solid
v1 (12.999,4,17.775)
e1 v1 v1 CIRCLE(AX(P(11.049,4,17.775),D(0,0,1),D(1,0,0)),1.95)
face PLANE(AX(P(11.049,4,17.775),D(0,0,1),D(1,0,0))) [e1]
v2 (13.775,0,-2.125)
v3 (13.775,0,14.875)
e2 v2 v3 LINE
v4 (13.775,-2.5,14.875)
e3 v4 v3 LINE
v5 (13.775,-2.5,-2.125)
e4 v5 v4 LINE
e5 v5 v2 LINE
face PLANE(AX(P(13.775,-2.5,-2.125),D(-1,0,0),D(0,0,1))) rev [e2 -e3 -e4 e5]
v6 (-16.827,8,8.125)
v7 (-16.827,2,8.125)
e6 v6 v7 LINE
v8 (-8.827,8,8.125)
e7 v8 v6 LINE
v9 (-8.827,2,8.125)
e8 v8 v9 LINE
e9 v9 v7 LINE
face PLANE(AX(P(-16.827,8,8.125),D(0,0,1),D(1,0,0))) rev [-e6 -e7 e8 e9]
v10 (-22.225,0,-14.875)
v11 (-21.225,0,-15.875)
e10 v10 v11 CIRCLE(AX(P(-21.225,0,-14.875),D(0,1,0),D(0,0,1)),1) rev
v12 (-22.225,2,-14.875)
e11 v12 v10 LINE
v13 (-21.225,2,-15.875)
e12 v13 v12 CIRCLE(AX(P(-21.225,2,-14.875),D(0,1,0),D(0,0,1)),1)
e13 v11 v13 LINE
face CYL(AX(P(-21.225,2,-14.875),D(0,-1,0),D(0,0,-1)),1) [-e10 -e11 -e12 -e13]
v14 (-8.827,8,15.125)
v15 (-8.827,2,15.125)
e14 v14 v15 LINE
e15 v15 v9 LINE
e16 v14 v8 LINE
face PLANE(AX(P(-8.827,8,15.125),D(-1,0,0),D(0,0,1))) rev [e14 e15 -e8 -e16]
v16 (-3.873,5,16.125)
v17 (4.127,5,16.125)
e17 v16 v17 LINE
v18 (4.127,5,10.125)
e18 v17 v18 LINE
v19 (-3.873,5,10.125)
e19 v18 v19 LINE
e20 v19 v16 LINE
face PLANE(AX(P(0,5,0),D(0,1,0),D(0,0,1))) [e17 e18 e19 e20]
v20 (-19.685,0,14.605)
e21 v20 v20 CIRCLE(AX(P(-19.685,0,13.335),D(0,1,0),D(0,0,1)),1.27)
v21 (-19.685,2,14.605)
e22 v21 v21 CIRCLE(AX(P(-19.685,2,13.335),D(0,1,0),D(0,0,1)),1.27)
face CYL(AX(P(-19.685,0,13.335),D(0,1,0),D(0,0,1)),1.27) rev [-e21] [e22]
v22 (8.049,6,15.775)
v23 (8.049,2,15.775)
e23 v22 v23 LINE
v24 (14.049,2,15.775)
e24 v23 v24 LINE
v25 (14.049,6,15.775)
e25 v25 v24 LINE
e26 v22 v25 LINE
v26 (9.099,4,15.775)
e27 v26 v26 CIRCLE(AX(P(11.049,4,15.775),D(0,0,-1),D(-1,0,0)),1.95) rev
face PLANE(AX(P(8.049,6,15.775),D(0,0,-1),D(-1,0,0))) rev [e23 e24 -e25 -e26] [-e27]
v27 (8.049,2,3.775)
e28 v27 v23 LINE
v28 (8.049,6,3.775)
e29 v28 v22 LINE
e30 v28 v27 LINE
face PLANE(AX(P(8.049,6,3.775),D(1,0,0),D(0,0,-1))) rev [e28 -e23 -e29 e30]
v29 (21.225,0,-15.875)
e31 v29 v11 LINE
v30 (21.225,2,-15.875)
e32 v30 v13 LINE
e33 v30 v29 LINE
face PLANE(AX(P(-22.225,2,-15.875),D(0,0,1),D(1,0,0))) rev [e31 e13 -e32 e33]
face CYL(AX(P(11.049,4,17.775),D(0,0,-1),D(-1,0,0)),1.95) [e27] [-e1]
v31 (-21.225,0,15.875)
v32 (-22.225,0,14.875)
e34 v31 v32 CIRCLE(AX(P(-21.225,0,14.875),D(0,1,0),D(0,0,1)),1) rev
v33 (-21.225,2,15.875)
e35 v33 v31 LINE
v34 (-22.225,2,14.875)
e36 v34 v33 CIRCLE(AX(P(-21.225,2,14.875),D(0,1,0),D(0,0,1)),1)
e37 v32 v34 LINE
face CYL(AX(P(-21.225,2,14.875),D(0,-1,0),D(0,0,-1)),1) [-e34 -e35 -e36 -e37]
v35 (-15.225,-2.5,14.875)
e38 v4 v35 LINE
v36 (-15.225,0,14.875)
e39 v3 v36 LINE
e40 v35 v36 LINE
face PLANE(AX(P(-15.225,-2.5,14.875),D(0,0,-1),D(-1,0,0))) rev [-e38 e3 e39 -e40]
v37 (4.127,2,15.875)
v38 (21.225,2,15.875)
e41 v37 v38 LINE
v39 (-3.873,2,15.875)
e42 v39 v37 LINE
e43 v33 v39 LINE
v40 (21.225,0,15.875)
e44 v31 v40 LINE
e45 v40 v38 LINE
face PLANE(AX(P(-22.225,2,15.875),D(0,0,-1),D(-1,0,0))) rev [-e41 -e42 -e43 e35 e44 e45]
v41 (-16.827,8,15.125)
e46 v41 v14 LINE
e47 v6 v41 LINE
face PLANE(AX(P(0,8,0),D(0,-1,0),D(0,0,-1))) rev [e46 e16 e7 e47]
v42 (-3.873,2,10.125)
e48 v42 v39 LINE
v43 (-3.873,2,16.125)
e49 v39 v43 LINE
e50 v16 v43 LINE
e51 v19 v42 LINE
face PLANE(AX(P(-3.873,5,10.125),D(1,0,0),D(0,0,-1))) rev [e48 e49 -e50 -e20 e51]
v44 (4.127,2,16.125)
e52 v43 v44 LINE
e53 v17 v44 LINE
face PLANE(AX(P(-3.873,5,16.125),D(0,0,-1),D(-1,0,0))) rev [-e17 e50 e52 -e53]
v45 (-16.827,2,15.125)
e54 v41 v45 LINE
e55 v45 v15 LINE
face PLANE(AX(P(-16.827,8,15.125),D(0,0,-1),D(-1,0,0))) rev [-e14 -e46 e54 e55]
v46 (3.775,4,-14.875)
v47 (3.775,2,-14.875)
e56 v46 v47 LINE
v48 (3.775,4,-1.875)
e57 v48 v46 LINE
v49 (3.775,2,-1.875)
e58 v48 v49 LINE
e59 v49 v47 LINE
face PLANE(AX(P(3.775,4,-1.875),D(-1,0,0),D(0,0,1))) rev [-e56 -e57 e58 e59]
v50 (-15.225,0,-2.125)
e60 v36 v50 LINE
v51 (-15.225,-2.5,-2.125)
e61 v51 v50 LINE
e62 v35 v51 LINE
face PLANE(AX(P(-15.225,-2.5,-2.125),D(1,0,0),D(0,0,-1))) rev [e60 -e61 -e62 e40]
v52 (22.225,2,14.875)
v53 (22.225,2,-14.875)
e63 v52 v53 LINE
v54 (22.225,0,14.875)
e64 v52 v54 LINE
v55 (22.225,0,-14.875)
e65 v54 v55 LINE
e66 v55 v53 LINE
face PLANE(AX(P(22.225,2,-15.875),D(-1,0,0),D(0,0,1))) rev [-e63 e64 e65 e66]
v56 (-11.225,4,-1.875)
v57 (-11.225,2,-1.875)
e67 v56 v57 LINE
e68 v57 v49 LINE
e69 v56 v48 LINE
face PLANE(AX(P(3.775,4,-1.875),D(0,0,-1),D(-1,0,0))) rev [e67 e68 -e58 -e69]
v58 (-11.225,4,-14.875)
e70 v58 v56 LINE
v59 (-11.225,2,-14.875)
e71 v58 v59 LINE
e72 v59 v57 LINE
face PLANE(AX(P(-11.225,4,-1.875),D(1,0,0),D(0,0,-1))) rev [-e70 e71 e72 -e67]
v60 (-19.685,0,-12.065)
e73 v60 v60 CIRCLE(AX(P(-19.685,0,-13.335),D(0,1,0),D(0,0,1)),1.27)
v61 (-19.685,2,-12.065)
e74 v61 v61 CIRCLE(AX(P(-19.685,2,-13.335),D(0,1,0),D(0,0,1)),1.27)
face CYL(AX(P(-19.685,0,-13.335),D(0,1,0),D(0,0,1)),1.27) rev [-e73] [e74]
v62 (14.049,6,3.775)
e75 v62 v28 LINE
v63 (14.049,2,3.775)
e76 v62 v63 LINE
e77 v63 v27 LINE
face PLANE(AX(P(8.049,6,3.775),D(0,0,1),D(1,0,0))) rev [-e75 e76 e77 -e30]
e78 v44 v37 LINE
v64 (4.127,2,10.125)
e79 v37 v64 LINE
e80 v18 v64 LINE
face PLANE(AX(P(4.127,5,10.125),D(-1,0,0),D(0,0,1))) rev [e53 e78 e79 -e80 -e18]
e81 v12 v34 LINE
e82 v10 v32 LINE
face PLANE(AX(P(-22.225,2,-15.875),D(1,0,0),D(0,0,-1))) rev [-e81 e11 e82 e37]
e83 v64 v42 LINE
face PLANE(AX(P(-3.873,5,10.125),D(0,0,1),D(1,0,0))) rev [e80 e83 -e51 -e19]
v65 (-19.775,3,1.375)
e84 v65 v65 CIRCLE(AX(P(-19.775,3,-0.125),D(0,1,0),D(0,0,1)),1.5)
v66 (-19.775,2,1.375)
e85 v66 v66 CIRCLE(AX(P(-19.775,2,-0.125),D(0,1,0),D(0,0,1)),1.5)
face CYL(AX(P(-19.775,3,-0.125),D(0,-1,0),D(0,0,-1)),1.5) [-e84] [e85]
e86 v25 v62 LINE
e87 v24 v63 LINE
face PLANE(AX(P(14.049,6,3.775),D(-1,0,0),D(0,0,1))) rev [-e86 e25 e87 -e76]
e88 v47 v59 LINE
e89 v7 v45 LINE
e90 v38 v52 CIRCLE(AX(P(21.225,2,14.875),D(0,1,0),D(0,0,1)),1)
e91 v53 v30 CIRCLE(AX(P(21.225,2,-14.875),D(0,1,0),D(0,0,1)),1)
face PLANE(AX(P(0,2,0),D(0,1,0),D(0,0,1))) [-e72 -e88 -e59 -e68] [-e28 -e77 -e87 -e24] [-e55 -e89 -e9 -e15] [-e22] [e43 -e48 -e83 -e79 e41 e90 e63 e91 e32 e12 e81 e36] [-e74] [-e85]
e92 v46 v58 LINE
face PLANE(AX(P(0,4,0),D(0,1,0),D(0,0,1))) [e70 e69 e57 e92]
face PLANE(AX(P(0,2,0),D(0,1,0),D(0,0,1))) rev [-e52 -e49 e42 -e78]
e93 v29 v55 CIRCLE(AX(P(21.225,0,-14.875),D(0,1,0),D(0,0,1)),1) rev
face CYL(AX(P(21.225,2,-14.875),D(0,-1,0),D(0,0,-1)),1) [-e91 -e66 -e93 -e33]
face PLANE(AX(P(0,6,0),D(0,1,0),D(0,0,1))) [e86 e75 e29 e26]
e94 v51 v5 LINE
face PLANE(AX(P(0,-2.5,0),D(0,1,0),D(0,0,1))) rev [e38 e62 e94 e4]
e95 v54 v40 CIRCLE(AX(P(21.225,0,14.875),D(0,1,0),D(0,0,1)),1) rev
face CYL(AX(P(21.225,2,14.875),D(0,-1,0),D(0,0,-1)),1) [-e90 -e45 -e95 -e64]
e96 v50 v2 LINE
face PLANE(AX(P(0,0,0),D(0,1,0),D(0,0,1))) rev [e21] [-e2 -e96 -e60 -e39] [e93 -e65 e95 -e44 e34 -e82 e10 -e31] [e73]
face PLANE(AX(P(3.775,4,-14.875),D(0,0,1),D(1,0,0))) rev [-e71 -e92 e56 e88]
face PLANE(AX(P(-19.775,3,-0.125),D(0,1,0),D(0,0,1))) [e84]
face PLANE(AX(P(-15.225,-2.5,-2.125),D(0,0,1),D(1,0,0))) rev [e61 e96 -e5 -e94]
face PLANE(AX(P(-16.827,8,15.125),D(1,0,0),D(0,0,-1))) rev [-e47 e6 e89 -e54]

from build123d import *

# Parameters (mm, degrees)
SKETCH1_W           = 44.45
SKETCH1_H           = 31.75
BOSS_EXTRUDE1_DEPTH = 2
SKETCH2_R           = 1.27
CUT_EXTRUDE1_DEPTH  = 2
FILLET1_R           = 1
FILLET2_R           = 1
FILLET3_R           = 1
FILLET4_R           = 1
SKETCH3_W           = 8
SKETCH3_H           = 7
BOSS_EXTRUDE2_DEPTH = 6
SKETCH4_W           = 8
SKETCH4_H           = 6
BOSS_EXTRUDE3_DEPTH = 3
SKETCH5_W           = 6
SKETCH5_H           = 12
BOSS_EXTRUDE4_DEPTH = 4
SKETCH6_R           = 1.95
BOSS_EXTRUDE5_DEPTH = 2
SKETCH7_R           = 1.5
BOSS_EXTRUDE6_DEPTH = 1
SKETCH9_W           = 15
SKETCH9_H           = 13
BOSS_EXTRUDE7_DEPTH = 2
SKETCH10_W          = 29
SKETCH10_H          = 17
BOSS_EXTRUDE8_DEPTH = 2.5


with BuildPart() as part:
    # Sketch1 → Boss-Extrude1 (new body)
    with BuildSketch(Plane(origin=(0, 0, 0), x_dir=(1, 0, 0), z_dir=(0, 1, 0))):
        Rectangle(SKETCH1_W, SKETCH1_H)
    extrude(amount=BOSS_EXTRUDE1_DEPTH)

    # Sketch2 → Cut-Extrude1 (cut)
    with BuildSketch(Plane(origin=(0, 2, 0), x_dir=(1, 0, 0), z_dir=(0, 1, 0))):
        with Locations((-19.685, -13.335)):
            Circle(SKETCH2_R)
        with Locations((-19.685, 13.335)):
            Circle(SKETCH2_R)
    extrude(amount=-CUT_EXTRUDE1_DEPTH, mode=Mode.SUBTRACT)

    # Fillet1
    fillet1_edges = [part.edges().sort_by_distance(p)[0] for p in [
        (-22.225, 1, -15.875),
    ]]
    fillet(fillet1_edges, radius=FILLET1_R)

    # Fillet2
    fillet2_edges = [part.edges().sort_by_distance(p)[0] for p in [
        (-22.225, 1, 15.875),
    ]]
    fillet(fillet2_edges, radius=FILLET2_R)

    # Fillet3
    fillet3_edges = [part.edges().sort_by_distance(p)[0] for p in [
        (22.225, 1, -15.875),
    ]]
    fillet(fillet3_edges, radius=FILLET3_R)

    # Fillet4
    fillet4_edges = [part.edges().sort_by_distance(p)[0] for p in [
        (22.225, 1, 15.875),
    ]]
    fillet(fillet4_edges, radius=FILLET4_R)

    # Sketch3 → Boss-Extrude2 (add)
    with BuildSketch(Plane(origin=(0, 2, 0), x_dir=(1, 0, 0), z_dir=(0, 1, 0))):
        with Locations((-12.827, -11.625)):
            Rectangle(SKETCH3_W, SKETCH3_H)
    extrude(amount=BOSS_EXTRUDE2_DEPTH)

    # Sketch4 → Boss-Extrude3 (add)
    with BuildSketch(Plane(origin=(0, 2, 0), x_dir=(1, 0, 0), z_dir=(0, 1, 0))):
        with Locations((0.127, -13.125)):
            Rectangle(SKETCH4_W, SKETCH4_H)
    extrude(amount=BOSS_EXTRUDE3_DEPTH)

    # Sketch5 → Boss-Extrude4 (add)
    with BuildSketch(Plane(origin=(0, 2, 0), x_dir=(1, 0, 0), z_dir=(0, 1, 0))):
        with Locations((11.049, -9.775)):
            Rectangle(SKETCH5_W, SKETCH5_H)
    extrude(amount=BOSS_EXTRUDE4_DEPTH)

    # Sketch6 → Boss-Extrude5 (add)
    with BuildSketch(Plane.XY.offset(15.775)):
        with Locations((11.049, 4)):
            Circle(SKETCH6_R)
    extrude(amount=BOSS_EXTRUDE5_DEPTH)

    # Sketch7 → Boss-Extrude6 (add)
    with BuildSketch(Plane(origin=(0, 2, 0), x_dir=(1, 0, 0), z_dir=(0, 1, 0))):
        with Locations((-19.775, 0.125)):
            Circle(SKETCH7_R)
    extrude(amount=BOSS_EXTRUDE6_DEPTH)

    # Sketch9 → Boss-Extrude7 (add)
    with BuildSketch(Plane(origin=(0, 2, 0), x_dir=(1, 0, 0), z_dir=(0, 1, 0))):
        with Locations((-3.725, 8.375)):
            Rectangle(SKETCH9_W, SKETCH9_H)
    extrude(amount=BOSS_EXTRUDE7_DEPTH)

    # Sketch10 → Boss-Extrude8 (add)
    with BuildSketch(Plane.XZ):
        with Locations((-0.725, 6.375)):
            Rectangle(SKETCH10_W, SKETCH10_H)
    extrude(amount=BOSS_EXTRUDE8_DEPTH)


solid = part.part
